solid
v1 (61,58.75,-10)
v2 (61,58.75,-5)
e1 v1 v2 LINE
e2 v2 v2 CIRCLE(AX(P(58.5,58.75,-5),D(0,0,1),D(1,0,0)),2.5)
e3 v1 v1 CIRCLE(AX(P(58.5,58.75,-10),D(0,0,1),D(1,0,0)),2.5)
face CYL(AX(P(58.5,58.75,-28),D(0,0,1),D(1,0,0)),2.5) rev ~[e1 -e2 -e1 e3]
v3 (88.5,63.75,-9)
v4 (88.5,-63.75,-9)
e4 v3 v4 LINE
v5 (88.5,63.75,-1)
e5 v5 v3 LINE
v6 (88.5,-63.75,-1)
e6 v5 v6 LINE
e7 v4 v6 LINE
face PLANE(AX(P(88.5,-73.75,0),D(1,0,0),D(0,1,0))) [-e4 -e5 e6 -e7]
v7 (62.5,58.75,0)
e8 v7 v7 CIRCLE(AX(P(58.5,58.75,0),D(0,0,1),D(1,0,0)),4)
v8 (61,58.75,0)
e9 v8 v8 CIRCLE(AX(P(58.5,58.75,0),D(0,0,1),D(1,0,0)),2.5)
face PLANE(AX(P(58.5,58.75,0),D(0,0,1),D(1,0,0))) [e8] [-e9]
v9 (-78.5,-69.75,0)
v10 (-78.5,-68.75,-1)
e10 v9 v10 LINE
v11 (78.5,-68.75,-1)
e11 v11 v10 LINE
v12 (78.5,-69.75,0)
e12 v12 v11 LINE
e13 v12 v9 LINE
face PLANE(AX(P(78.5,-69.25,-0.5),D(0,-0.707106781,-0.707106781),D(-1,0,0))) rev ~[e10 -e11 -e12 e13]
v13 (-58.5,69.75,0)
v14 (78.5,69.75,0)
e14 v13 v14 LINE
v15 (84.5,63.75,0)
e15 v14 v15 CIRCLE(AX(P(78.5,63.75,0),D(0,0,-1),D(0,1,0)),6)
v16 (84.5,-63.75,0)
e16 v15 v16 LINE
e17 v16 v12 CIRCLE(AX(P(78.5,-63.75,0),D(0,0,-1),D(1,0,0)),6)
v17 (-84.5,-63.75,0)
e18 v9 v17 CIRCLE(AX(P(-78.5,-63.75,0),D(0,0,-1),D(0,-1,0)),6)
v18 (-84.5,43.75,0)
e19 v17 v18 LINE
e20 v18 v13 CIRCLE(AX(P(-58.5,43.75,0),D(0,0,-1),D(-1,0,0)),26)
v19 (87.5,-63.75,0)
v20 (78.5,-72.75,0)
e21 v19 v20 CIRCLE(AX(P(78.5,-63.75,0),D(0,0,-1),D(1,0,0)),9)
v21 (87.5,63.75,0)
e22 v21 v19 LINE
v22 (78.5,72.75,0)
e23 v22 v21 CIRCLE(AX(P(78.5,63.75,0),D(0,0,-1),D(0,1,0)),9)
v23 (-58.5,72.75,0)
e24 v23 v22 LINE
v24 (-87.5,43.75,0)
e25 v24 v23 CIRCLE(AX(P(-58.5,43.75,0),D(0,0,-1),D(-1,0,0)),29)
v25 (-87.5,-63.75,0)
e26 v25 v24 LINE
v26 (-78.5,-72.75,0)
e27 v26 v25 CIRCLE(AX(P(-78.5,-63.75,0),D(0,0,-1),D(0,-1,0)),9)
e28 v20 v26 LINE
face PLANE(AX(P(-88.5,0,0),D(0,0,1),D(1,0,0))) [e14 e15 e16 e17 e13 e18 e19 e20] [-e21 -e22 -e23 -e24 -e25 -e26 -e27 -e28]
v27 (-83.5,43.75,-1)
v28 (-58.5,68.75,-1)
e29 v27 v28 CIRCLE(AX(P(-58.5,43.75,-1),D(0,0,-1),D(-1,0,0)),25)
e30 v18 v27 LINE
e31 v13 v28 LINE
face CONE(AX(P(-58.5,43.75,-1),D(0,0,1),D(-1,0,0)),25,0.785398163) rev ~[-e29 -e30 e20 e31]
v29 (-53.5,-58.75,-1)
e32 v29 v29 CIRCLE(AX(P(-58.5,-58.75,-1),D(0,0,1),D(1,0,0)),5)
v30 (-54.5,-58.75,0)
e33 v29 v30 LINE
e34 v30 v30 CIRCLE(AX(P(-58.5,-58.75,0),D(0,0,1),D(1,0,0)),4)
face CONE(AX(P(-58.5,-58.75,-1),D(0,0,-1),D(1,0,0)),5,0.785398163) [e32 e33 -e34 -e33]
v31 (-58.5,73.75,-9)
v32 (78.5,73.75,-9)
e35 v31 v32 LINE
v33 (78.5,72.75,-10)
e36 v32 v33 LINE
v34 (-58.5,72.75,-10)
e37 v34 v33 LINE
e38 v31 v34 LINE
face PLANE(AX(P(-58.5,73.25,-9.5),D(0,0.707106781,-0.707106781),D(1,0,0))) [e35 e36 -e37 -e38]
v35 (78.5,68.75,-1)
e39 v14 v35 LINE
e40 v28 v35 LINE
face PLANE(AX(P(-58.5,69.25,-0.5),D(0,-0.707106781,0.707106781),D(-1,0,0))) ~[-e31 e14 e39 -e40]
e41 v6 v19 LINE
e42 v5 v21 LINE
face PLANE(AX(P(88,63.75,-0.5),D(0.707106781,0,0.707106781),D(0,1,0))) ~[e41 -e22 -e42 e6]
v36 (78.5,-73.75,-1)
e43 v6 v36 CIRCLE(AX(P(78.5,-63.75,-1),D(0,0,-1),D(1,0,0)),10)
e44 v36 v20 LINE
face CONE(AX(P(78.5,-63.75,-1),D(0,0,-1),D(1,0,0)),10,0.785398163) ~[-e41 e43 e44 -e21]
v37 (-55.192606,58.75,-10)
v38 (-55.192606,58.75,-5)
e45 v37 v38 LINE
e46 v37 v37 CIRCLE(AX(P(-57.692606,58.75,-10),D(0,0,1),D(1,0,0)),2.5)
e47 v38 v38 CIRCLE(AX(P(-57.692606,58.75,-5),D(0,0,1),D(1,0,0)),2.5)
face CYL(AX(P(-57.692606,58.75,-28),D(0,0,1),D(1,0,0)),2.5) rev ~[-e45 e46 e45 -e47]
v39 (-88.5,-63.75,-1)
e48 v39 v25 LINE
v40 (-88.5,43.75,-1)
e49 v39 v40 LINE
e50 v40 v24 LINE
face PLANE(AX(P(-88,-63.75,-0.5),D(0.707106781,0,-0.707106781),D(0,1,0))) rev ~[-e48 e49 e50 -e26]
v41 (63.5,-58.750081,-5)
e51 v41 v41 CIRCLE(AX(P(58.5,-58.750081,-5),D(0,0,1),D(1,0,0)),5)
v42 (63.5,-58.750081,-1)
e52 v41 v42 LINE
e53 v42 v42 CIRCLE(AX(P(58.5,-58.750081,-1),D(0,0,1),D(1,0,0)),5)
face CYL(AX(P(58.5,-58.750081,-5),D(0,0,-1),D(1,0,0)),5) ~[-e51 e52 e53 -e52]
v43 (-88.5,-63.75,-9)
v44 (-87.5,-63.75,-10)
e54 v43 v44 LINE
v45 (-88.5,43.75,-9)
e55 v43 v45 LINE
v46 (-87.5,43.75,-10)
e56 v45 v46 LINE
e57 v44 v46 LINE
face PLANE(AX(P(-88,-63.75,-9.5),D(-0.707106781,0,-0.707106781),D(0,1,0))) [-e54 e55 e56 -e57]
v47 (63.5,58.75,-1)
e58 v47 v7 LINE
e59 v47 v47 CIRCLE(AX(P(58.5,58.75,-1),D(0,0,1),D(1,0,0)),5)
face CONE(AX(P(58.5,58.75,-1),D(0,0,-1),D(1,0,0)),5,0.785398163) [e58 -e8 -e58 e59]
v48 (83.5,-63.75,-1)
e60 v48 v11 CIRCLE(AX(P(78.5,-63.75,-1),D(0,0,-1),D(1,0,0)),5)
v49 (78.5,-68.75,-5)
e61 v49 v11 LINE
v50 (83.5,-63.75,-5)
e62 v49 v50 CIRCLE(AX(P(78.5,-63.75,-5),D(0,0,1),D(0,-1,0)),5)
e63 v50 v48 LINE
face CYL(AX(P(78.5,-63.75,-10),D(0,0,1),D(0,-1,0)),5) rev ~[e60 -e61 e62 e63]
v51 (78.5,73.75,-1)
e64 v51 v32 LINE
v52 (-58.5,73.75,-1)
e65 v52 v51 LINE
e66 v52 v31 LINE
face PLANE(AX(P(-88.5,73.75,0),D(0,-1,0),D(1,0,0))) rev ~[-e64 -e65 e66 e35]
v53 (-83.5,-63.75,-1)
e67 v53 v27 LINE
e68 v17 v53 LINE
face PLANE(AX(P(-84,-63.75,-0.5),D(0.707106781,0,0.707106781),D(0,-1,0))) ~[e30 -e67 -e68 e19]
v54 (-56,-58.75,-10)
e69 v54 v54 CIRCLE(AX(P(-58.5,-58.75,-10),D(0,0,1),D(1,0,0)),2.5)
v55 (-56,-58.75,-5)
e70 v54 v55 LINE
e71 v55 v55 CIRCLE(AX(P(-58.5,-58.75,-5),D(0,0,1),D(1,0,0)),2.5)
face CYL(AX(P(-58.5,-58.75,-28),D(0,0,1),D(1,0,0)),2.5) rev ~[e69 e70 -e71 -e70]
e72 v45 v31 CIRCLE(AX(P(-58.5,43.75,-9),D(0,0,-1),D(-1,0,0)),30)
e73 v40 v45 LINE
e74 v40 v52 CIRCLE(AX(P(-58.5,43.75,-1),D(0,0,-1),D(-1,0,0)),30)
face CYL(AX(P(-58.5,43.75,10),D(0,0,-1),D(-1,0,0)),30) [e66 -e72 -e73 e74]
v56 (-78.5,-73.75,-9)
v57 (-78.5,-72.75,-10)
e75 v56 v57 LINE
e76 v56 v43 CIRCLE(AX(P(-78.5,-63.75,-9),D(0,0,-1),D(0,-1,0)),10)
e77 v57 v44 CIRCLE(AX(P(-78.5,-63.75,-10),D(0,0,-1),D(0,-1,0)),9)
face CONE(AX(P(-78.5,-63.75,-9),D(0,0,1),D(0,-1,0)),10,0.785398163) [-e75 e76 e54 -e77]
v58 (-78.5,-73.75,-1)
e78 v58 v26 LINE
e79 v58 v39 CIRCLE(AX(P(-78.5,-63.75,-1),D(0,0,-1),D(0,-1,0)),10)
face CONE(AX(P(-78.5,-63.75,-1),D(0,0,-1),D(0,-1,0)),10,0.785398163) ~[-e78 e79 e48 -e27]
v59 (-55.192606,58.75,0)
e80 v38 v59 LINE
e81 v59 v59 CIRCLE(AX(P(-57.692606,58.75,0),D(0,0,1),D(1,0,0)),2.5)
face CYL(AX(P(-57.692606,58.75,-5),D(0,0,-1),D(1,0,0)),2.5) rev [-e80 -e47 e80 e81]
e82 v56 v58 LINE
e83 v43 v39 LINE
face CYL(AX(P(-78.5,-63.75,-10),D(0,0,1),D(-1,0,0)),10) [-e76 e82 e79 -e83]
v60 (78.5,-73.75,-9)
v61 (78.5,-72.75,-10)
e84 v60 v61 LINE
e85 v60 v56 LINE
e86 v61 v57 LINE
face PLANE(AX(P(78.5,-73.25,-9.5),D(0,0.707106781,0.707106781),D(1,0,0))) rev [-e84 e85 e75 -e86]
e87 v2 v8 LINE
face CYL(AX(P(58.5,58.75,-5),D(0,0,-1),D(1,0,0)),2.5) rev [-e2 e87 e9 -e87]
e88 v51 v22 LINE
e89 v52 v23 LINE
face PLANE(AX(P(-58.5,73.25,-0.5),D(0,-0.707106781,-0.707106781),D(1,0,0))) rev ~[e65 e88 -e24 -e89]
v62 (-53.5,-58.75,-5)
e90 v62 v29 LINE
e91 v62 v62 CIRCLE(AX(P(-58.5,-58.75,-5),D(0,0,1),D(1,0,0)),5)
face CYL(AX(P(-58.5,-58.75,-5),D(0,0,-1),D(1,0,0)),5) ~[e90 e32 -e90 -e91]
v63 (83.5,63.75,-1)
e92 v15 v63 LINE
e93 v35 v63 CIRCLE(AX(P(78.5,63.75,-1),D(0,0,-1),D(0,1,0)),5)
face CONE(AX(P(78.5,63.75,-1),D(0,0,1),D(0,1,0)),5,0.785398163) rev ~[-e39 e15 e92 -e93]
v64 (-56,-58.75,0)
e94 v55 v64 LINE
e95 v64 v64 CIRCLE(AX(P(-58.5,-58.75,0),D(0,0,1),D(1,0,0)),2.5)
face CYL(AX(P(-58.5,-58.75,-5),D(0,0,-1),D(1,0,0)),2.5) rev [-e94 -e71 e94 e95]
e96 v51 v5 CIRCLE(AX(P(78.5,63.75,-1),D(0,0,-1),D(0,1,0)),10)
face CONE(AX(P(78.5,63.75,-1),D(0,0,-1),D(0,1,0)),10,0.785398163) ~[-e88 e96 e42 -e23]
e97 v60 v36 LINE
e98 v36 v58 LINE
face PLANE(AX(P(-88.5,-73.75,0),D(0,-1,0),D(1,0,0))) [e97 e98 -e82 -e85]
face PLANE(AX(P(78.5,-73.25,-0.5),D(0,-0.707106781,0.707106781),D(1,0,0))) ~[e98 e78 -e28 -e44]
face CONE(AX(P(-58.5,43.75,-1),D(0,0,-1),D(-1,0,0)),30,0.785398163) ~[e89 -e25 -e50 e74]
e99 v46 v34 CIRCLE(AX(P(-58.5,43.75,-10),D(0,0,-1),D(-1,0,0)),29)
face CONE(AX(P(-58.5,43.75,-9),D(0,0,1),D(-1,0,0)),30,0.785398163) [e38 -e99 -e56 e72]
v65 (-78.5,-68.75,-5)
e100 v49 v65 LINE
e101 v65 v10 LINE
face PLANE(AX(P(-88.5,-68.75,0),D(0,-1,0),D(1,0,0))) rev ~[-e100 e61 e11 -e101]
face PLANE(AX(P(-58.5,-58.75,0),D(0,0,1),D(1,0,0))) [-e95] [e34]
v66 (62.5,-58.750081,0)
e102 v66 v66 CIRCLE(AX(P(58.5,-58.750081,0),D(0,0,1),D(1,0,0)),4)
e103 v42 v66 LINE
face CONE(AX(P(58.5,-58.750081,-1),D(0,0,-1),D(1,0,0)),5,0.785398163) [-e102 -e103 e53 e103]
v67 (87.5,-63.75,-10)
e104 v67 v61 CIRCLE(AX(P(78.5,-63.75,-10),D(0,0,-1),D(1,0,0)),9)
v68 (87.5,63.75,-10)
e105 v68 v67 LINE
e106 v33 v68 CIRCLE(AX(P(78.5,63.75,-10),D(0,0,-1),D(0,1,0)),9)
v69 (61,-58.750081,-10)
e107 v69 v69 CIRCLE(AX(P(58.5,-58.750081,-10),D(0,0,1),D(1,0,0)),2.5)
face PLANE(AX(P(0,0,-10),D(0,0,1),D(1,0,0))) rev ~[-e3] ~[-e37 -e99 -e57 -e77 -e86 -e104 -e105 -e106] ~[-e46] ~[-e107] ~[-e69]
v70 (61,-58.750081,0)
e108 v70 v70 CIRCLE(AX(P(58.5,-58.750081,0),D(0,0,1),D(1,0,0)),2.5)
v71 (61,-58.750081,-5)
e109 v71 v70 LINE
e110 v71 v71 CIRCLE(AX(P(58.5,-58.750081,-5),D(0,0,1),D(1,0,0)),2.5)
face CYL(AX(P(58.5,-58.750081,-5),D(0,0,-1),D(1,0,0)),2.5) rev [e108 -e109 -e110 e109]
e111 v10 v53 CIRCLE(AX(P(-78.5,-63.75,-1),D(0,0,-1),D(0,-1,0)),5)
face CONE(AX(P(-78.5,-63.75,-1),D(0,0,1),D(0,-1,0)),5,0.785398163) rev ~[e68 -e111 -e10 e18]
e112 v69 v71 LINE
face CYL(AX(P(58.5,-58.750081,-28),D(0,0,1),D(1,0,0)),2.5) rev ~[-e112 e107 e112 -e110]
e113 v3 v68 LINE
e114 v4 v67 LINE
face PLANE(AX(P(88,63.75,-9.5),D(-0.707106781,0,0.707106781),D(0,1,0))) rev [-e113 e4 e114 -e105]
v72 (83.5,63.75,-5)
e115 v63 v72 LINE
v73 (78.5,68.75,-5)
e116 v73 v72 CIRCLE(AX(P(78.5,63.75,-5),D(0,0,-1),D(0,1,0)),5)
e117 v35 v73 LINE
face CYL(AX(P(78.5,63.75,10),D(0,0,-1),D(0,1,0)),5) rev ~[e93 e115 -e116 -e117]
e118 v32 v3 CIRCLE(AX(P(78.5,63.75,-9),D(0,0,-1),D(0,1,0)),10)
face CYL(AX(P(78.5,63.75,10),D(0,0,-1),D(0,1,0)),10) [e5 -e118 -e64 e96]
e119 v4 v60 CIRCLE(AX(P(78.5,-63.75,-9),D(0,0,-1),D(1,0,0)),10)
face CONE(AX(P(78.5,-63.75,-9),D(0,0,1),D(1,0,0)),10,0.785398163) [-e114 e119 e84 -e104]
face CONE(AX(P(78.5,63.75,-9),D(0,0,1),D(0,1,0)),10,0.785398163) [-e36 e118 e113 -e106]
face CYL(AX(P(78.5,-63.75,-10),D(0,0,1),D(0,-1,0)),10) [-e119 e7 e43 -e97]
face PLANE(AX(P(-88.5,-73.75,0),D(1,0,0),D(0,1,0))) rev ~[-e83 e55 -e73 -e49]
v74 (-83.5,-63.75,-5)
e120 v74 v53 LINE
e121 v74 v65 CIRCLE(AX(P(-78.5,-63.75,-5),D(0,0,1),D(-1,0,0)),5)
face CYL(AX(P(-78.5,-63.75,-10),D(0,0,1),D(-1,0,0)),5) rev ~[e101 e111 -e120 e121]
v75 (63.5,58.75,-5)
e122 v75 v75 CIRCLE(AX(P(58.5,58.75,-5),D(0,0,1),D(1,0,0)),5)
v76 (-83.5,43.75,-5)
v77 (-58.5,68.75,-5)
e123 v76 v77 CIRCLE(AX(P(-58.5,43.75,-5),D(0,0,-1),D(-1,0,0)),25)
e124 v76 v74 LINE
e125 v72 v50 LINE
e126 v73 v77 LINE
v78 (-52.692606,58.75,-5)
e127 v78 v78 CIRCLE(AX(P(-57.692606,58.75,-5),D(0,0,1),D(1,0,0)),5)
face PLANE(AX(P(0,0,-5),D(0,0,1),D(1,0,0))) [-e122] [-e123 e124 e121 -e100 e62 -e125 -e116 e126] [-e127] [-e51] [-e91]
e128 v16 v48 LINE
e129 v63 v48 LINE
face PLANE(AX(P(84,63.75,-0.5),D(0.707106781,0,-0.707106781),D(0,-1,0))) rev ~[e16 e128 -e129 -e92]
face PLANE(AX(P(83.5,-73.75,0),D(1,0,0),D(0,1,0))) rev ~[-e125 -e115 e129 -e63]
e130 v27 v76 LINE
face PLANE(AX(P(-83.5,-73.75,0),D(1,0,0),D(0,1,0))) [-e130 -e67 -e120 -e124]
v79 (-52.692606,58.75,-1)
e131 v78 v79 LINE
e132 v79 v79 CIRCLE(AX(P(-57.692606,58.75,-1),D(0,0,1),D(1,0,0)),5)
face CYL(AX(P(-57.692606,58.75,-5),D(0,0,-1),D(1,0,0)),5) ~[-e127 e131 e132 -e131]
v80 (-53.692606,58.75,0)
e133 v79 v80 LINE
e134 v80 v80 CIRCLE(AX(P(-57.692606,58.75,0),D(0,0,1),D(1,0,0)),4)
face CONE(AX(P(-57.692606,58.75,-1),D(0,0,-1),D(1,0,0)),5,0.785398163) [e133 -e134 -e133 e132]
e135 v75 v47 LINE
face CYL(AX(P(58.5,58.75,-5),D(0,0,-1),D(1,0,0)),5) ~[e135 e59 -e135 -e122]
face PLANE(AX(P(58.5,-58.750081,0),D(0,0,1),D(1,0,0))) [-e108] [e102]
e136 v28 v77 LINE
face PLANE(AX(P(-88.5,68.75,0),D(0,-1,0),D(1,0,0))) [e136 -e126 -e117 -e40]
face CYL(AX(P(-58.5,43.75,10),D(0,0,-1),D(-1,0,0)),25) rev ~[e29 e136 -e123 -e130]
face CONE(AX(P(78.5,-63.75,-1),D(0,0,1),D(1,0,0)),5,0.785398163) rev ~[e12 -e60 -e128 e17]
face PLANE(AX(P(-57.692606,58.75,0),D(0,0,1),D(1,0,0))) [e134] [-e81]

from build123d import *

# Parameters (mm, degrees)
SKETCH1_W                       = 177
SKETCH1_H                       = 147.5
BOSS_EXTRUDE1_DEPTH             = 10
FILLET2_R                       = 30
FILLET3_R                       = 10
SKETCH6_W                       = 177
SKETCH6_H                       = 10
CUT_EXTRUDE14_DEPTH             = 74.75
CUT_EXTRUDE14_DEPTH_BACK        = 74.75
SHELL1_T                        = -5
CHAMFER1_SIZE                   = 1
TAP_DRILL_FOR_M6X1_0_TAP1_D     = 5
TAP_DRILL_FOR_M6X1_0_TAP1_DEPTH = 18
TAP_DRILL_FOR_M6X1_0_TAP1_TIP   = 1.502151548
SKETCH9_R                       = 5
SKETCH9_R_2                     = 2.5
BOSS_EXTRUDE2_DEPTH             = 5
CHAMFER2_SIZE                   = 1


with BuildPart() as part:
    # Sketch1 → Boss-Extrude1 (new body, symmetric)
    with BuildSketch(Plane.XY):
        Rectangle(SKETCH1_W, SKETCH1_H)
    extrude(amount=BOSS_EXTRUDE1_DEPTH, both=True)

    # Fillet2
    fillet2_edges = [part.edges().sort_by_distance(p)[0] for p in [
        (-88.5, 73.75, 0),
    ]]
    fillet(fillet2_edges, radius=FILLET2_R)

    # Fillet3
    fillet3_edges = [part.edges().sort_by_distance(p)[0] for p in [
        (88.5, -73.75, 0),
        (-88.5, -73.75, 0),
        (88.5, 73.75, 0),
    ]]
    fillet(fillet3_edges, radius=FILLET3_R)

    # Sketch6 → Cut-Extrude14 (cut, two sides)
    with BuildSketch(Plane(origin=(0, 0, 0), x_dir=(1, 0, 0), z_dir=(0, 1, 0))) as cut_extrude14_sk:
        with Locations((0, -5)):
            Rectangle(SKETCH6_W, SKETCH6_H)
    extrude(amount=CUT_EXTRUDE14_DEPTH, mode=Mode.SUBTRACT)
    extrude(cut_extrude14_sk.sketch, amount=-CUT_EXTRUDE14_DEPTH_BACK, mode=Mode.SUBTRACT)

    # Shell1
    shell1_openings = [part.faces().sort_by_distance(p)[0] for p in [
        (1.982233047, -1.982233047, 0),
    ]]
    offset(amount=SHELL1_T, openings=shell1_openings, kind=Kind.INTERSECTION)

    # Chamfer1
    chamfer1_edges = [part.edges().sort_by_distance(p)[0] for p in [
        (-88.5, -10, -10),
        (-79.713203436, 64.963203436, -10),
        (0, -73.75, -10),
        (10, 73.75, -10),
        (88.5, 0, -10),
        (85.571067812, 70.821067812, -10),
        (85.571067812, -70.821067812, -10),
        (-85.571067812, -70.821067812, -10),
        (85.571067812, 70.821067812, 0),
        (-79.713203436, 64.963203436, 0),
        (-85.571067812, -70.821067812, 0),
        (85.571067812, -70.821067812, 0),
        (88.5, 0, 0),
        (10, 73.75, 0),
        (0, -73.75, 0),
        (-88.5, -10, 0),
        (-83.5, -10, 0),
        (0, -68.75, 0),
        (-76.17766953, 61.42766953, 0),
        (-82.035533906, -67.285533906, 0),
        (82.035533906, -67.285533906, 0),
        (83.5, 0, 0),
        (82.035533906, 67.285533906, 0),
        (10, 68.75, 0),
    ]]
    chamfer(chamfer1_edges, length=CHAMFER1_SIZE)

    # Tap Drill for M6x1.0 Tap1
    with Locations(Plane(origin=(-88.5, -73.75, -10), x_dir=(-1, 0, 0), z_dir=(0, 0, -1))):
        with Locations((-147, 132.5), (-30.807394368, 132.5), (-30, 15), (-147, 14.999919373)):
            Hole(TAP_DRILL_FOR_M6X1_0_TAP1_D / 2, depth=TAP_DRILL_FOR_M6X1_0_TAP1_DEPTH)
            with Locations((0, 0, -(TAP_DRILL_FOR_M6X1_0_TAP1_DEPTH + TAP_DRILL_FOR_M6X1_0_TAP1_TIP / 2))):  # 118° drill point
                Cone(0, TAP_DRILL_FOR_M6X1_0_TAP1_D / 2, TAP_DRILL_FOR_M6X1_0_TAP1_TIP, mode=Mode.SUBTRACT)

    # Sketch9 → Boss-Extrude2 (add)
    with BuildSketch(Plane.XY.offset(-5)):
        with Locations((-57.692605632, 58.75)):
            Circle(SKETCH9_R)
        with Locations((-57.692605632, 58.75)):
            Circle(SKETCH9_R_2, mode=Mode.SUBTRACT)
        with Locations((58.5, 58.75)):
            Circle(SKETCH9_R)
        with Locations((58.5, 58.75)):
            Circle(SKETCH9_R_2, mode=Mode.SUBTRACT)
        with Locations((58.5, -58.750080627)):
            Circle(SKETCH9_R)
        with Locations((58.5, -58.750080627)):
            Circle(SKETCH9_R_2, mode=Mode.SUBTRACT)
        with Locations((-58.5, -58.75)):
            Circle(SKETCH9_R)
        with Locations((-58.5, -58.75)):
            Circle(SKETCH9_R_2, mode=Mode.SUBTRACT)
    extrude(amount=BOSS_EXTRUDE2_DEPTH)

    # Chamfer2
    chamfer2_edges = [part.edges().sort_by_distance(p)[0] for p in [
        (-62.692605632, 58.75, 0),
        (53.5, 58.75, 0),
        (53.5, -58.750080627, 0),
        (-63.5, -58.75, 0),
    ]]
    chamfer(chamfer2_edges, length=CHAMFER2_SIZE)


solid = part.part
